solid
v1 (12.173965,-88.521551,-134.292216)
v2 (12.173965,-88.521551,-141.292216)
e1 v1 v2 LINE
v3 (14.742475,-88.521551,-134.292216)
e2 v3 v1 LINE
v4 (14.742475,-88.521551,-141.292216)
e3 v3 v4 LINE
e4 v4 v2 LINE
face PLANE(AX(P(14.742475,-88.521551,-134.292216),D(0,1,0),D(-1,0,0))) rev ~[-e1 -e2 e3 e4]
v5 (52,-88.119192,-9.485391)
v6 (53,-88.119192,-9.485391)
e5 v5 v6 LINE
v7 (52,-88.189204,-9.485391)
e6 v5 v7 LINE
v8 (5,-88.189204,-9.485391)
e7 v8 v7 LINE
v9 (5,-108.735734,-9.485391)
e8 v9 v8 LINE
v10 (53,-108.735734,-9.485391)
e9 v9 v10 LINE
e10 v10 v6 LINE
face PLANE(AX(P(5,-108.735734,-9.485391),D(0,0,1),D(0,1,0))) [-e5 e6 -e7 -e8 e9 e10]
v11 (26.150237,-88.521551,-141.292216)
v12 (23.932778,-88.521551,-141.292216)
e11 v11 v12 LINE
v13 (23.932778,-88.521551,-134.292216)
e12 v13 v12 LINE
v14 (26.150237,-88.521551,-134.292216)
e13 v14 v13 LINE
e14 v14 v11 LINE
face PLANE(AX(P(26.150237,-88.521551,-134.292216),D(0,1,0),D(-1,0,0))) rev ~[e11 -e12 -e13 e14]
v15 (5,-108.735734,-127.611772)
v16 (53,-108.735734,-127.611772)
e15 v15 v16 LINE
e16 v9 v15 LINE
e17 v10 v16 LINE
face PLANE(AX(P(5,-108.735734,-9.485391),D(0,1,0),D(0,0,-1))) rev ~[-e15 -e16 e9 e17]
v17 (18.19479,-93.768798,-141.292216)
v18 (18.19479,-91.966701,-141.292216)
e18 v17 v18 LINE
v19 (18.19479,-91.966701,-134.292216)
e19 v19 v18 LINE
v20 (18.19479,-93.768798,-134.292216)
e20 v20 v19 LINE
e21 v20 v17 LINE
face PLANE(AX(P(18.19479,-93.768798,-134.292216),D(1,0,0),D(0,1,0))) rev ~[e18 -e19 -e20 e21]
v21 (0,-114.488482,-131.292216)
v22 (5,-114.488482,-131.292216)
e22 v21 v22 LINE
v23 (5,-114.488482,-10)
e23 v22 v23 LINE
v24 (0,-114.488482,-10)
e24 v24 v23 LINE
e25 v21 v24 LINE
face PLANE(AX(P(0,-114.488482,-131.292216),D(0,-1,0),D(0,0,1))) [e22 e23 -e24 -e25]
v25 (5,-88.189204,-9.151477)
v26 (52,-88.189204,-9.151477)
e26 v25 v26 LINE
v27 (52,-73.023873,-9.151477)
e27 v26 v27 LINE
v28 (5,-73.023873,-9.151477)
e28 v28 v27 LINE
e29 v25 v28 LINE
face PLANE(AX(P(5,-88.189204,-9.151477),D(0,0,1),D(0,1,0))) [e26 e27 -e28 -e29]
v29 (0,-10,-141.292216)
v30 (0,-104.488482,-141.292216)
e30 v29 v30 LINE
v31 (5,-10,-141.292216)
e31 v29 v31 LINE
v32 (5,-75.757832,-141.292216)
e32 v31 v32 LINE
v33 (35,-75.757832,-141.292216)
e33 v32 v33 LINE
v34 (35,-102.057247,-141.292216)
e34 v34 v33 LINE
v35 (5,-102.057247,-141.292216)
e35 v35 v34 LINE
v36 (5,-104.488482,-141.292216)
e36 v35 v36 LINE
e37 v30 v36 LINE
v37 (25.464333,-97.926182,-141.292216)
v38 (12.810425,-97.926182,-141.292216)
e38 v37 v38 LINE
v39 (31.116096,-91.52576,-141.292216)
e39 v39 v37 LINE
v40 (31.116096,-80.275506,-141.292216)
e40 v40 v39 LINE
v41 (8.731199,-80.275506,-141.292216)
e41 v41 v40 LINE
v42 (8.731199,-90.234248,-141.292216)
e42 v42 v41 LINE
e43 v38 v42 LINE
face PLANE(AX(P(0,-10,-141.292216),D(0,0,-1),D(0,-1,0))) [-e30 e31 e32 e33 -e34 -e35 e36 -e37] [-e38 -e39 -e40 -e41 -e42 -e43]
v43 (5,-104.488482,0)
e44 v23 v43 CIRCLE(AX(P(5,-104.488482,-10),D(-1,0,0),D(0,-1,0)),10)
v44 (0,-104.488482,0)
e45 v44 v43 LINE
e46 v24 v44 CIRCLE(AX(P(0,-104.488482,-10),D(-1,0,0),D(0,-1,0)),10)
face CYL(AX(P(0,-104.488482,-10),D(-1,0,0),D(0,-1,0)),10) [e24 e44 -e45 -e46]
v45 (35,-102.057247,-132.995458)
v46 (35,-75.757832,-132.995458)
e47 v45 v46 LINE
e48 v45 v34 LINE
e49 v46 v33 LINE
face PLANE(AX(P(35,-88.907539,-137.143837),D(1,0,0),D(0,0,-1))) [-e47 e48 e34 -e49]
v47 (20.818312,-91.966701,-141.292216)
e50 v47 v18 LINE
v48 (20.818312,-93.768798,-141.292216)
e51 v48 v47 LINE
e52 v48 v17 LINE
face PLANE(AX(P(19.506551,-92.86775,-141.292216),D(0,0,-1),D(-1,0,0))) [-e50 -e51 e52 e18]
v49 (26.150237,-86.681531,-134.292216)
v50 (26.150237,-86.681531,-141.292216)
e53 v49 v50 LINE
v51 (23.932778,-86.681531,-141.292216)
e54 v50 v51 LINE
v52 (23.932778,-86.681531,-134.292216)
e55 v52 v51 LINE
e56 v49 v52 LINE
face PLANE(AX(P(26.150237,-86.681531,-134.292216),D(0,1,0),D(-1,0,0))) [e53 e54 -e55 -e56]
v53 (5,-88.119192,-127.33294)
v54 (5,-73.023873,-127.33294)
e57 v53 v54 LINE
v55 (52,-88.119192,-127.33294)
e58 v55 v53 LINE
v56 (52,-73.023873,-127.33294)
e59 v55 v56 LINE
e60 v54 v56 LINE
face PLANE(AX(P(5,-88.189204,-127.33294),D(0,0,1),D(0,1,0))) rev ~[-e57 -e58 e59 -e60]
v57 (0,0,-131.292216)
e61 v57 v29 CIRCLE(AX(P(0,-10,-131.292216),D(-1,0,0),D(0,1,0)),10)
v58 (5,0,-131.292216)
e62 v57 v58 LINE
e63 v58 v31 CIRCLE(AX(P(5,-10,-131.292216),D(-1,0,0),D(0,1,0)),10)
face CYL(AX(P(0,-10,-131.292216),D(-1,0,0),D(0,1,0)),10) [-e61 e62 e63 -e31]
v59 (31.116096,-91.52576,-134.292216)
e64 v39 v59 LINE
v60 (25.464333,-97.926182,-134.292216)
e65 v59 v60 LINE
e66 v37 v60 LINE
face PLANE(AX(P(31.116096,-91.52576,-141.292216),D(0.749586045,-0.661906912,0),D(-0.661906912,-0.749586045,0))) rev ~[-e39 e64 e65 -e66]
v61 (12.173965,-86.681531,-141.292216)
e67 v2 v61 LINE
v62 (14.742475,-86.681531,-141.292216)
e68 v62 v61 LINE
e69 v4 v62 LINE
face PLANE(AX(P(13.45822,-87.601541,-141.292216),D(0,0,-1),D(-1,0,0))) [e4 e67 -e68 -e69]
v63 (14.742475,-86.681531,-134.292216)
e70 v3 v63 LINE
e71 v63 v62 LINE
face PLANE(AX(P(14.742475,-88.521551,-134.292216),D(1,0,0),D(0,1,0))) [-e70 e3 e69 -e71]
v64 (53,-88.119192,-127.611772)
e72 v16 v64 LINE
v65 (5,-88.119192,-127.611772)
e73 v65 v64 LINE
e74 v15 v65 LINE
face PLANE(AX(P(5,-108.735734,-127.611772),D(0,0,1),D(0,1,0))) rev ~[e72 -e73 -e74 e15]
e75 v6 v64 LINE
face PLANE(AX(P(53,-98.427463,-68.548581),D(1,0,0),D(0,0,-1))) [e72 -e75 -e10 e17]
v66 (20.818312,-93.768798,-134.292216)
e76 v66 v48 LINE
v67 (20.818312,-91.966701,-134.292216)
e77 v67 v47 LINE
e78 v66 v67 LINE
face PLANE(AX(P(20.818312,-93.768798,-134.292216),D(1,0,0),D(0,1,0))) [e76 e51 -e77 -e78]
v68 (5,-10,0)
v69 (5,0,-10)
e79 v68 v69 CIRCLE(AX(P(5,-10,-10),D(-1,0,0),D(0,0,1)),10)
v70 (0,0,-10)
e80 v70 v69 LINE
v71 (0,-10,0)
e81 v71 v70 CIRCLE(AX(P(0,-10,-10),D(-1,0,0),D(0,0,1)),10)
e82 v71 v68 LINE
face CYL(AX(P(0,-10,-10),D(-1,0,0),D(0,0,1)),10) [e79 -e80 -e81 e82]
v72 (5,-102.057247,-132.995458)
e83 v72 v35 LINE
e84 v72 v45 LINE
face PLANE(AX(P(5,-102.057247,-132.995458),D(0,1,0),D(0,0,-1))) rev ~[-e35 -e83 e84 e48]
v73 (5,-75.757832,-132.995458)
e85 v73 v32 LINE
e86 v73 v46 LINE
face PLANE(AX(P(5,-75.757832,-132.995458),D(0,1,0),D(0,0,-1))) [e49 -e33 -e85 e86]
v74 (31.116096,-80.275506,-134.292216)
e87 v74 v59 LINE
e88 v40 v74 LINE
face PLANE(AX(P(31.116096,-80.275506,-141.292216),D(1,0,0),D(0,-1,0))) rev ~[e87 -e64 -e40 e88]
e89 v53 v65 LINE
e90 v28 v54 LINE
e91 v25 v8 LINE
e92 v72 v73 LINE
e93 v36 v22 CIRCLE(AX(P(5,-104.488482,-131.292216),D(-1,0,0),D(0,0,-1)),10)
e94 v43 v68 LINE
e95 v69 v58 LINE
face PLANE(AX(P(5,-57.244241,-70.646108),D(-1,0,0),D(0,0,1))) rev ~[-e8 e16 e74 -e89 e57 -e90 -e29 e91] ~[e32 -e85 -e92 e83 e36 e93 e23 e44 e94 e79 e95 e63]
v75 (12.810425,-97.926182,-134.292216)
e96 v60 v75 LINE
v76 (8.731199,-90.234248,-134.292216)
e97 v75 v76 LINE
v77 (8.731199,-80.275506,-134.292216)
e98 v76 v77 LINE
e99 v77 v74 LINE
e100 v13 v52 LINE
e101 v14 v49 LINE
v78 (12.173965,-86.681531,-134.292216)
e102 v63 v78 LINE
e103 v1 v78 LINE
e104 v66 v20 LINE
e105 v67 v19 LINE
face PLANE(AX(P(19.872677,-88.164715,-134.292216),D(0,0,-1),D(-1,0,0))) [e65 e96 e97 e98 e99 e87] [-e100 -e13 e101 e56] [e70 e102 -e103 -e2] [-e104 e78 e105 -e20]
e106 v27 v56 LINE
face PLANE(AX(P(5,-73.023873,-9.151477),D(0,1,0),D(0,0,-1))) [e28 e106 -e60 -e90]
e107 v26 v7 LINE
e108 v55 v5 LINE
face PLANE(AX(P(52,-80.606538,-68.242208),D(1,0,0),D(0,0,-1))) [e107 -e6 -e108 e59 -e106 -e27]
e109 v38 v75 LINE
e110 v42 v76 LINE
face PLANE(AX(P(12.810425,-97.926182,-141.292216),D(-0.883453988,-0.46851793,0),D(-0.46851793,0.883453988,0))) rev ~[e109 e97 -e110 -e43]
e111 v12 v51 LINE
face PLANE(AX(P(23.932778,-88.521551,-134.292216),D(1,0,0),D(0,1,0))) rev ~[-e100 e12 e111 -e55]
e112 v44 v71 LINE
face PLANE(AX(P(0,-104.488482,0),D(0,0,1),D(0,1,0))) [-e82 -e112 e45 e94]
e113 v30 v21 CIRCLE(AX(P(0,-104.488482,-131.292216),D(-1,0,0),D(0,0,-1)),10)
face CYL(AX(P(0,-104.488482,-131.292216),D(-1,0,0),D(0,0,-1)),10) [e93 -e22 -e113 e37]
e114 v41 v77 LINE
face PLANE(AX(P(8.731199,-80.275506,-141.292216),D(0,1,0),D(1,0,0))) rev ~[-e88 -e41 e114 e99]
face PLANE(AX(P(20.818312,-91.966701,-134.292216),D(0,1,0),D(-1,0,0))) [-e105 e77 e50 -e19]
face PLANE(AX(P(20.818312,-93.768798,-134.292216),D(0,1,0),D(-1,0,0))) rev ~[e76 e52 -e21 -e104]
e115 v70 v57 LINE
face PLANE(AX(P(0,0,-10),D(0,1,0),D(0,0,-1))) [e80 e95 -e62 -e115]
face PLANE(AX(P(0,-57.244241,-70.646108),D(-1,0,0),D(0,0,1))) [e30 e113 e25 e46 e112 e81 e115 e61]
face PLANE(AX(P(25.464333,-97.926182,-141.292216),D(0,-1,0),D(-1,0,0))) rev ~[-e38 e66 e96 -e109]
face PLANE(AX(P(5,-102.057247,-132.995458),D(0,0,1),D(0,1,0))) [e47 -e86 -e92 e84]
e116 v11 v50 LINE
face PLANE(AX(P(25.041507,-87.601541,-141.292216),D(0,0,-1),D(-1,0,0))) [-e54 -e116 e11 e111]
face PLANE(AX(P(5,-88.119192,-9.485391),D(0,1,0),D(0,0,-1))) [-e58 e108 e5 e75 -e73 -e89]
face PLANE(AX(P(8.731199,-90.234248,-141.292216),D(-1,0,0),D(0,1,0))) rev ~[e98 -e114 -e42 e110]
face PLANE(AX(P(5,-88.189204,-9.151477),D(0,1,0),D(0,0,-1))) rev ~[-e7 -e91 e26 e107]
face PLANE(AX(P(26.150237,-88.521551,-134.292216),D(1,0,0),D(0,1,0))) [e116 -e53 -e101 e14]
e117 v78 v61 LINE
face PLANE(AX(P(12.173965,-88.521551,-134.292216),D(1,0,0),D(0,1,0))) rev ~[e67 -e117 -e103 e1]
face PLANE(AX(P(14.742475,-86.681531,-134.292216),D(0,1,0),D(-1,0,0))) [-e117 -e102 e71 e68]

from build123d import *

# Parameters (mm, degrees)
BOSS_EXTRUDE1_DEPTH = 5
SKETCH2_W           = 118.181462396
SKETCH2_H           = 15.165331065
BOSS_EXTRUDE4_DEPTH = 47
SKETCH3_W           = 118.126380902
SKETCH3_H           = 20.616541225
BOSS_EXTRUDE5_DEPTH = 48
SKETCH4_W           = 8.296758782
SKETCH4_H           = 26.299414598
BOSS_EXTRUDE6_DEPTH = 30
CUT_EXTRUDE3_DEPTH  = 7
SKETCH6_W           = 2.21745904
SKETCH6_H           = 1.840019648
SKETCH6_W_2         = 2.568509623
SKETCH6_W_3         = 2.623522206
SKETCH6_H_2         = 1.802097087
BOSS_EXTRUDE7_DEPTH = 7


with BuildPart() as part:
    # Sketch1 → Boss-Extrude1 (new body)
    with BuildSketch(Plane(origin=(0, 0, 0), x_dir=(0, 0, -1), z_dir=(1, 0, 0))):
        with BuildLine():
            Line((10, 0), (131.29221645, 0))
            ThreePointArc((131.29221645, 0), (138.363284262, -2.928932188), (141.29221645, -10))
            Line((141.29221645, -10), (141.29221645, -104.488481637))
            ThreePointArc((141.29221645, -104.488481637), (138.363284262, -111.559549449), (131.29221645, -114.488481637))
            Line((131.29221645, -114.488481637), (10, -114.488481637))
            ThreePointArc((10, -114.488481637), (2.928932188, -111.559549449), (0, -104.488481637))
            Line((0, -104.488481637), (0, -10))
            ThreePointArc((0, -10), (2.928932188, -2.928932188), (10, 0))
        make_face()
    extrude(amount=BOSS_EXTRUDE1_DEPTH)

    # Sketch2 → Boss-Extrude4 (add)
    with BuildSketch(Plane(origin=(5, 0, 0), x_dir=(0, 0, -1), z_dir=(1, 0, 0))):
        with Locations((68.242208416, -80.606538465)):
            Rectangle(SKETCH2_W, SKETCH2_H)
    extrude(amount=BOSS_EXTRUDE4_DEPTH)

    # Sketch3 → Boss-Extrude5 (add)
    with BuildSketch(Plane(origin=(5, 0, 0), x_dir=(0, 0, -1), z_dir=(1, 0, 0))):
        with Locations((68.5485811, -98.427462894)):
            Rectangle(SKETCH3_W, SKETCH3_H)
    extrude(amount=BOSS_EXTRUDE5_DEPTH)

    # Sketch4 → Boss-Extrude6 (add)
    with BuildSketch(Plane(origin=(5, 0, 0), x_dir=(0, 0, -1), z_dir=(1, 0, 0))):
        with Locations((137.143837059, -88.907539255)):
            Rectangle(SKETCH4_W, SKETCH4_H)
    extrude(amount=BOSS_EXTRUDE6_DEPTH)

    # Sketch5 → Cut-Extrude3 (cut)
    with BuildSketch(Plane(origin=(0, 0, -141.29221645), x_dir=(-1, 0, 0), z_dir=(0, 0, -1))):
        Polygon((-25.464332728, -97.926181685), (-12.810425415, -97.926181685), (-8.73119877, -90.234247578), (-8.73119877, -80.275506322), (-31.116096198, -80.275506322), (-31.116096198, -91.525760494), align=None)
    extrude(amount=-CUT_EXTRUDE3_DEPTH, mode=Mode.SUBTRACT)

    # Sketch6 → Boss-Extrude7 (add)
    with BuildSketch(Plane(origin=(0, 0, -134.29221645), x_dir=(-1, 0, 0), z_dir=(0, 0, -1))):
        with Locations((-25.041507493, -87.601540864)):
            Rectangle(SKETCH6_W, SKETCH6_H)
        with Locations((-13.458219738, -87.601540864)):
            Rectangle(SKETCH6_W_2, SKETCH6_H)
        with Locations((-19.506551217, -92.8677498)):
            Rectangle(SKETCH6_W_3, SKETCH6_H_2)
    extrude(amount=BOSS_EXTRUDE7_DEPTH)


solid = part.part
